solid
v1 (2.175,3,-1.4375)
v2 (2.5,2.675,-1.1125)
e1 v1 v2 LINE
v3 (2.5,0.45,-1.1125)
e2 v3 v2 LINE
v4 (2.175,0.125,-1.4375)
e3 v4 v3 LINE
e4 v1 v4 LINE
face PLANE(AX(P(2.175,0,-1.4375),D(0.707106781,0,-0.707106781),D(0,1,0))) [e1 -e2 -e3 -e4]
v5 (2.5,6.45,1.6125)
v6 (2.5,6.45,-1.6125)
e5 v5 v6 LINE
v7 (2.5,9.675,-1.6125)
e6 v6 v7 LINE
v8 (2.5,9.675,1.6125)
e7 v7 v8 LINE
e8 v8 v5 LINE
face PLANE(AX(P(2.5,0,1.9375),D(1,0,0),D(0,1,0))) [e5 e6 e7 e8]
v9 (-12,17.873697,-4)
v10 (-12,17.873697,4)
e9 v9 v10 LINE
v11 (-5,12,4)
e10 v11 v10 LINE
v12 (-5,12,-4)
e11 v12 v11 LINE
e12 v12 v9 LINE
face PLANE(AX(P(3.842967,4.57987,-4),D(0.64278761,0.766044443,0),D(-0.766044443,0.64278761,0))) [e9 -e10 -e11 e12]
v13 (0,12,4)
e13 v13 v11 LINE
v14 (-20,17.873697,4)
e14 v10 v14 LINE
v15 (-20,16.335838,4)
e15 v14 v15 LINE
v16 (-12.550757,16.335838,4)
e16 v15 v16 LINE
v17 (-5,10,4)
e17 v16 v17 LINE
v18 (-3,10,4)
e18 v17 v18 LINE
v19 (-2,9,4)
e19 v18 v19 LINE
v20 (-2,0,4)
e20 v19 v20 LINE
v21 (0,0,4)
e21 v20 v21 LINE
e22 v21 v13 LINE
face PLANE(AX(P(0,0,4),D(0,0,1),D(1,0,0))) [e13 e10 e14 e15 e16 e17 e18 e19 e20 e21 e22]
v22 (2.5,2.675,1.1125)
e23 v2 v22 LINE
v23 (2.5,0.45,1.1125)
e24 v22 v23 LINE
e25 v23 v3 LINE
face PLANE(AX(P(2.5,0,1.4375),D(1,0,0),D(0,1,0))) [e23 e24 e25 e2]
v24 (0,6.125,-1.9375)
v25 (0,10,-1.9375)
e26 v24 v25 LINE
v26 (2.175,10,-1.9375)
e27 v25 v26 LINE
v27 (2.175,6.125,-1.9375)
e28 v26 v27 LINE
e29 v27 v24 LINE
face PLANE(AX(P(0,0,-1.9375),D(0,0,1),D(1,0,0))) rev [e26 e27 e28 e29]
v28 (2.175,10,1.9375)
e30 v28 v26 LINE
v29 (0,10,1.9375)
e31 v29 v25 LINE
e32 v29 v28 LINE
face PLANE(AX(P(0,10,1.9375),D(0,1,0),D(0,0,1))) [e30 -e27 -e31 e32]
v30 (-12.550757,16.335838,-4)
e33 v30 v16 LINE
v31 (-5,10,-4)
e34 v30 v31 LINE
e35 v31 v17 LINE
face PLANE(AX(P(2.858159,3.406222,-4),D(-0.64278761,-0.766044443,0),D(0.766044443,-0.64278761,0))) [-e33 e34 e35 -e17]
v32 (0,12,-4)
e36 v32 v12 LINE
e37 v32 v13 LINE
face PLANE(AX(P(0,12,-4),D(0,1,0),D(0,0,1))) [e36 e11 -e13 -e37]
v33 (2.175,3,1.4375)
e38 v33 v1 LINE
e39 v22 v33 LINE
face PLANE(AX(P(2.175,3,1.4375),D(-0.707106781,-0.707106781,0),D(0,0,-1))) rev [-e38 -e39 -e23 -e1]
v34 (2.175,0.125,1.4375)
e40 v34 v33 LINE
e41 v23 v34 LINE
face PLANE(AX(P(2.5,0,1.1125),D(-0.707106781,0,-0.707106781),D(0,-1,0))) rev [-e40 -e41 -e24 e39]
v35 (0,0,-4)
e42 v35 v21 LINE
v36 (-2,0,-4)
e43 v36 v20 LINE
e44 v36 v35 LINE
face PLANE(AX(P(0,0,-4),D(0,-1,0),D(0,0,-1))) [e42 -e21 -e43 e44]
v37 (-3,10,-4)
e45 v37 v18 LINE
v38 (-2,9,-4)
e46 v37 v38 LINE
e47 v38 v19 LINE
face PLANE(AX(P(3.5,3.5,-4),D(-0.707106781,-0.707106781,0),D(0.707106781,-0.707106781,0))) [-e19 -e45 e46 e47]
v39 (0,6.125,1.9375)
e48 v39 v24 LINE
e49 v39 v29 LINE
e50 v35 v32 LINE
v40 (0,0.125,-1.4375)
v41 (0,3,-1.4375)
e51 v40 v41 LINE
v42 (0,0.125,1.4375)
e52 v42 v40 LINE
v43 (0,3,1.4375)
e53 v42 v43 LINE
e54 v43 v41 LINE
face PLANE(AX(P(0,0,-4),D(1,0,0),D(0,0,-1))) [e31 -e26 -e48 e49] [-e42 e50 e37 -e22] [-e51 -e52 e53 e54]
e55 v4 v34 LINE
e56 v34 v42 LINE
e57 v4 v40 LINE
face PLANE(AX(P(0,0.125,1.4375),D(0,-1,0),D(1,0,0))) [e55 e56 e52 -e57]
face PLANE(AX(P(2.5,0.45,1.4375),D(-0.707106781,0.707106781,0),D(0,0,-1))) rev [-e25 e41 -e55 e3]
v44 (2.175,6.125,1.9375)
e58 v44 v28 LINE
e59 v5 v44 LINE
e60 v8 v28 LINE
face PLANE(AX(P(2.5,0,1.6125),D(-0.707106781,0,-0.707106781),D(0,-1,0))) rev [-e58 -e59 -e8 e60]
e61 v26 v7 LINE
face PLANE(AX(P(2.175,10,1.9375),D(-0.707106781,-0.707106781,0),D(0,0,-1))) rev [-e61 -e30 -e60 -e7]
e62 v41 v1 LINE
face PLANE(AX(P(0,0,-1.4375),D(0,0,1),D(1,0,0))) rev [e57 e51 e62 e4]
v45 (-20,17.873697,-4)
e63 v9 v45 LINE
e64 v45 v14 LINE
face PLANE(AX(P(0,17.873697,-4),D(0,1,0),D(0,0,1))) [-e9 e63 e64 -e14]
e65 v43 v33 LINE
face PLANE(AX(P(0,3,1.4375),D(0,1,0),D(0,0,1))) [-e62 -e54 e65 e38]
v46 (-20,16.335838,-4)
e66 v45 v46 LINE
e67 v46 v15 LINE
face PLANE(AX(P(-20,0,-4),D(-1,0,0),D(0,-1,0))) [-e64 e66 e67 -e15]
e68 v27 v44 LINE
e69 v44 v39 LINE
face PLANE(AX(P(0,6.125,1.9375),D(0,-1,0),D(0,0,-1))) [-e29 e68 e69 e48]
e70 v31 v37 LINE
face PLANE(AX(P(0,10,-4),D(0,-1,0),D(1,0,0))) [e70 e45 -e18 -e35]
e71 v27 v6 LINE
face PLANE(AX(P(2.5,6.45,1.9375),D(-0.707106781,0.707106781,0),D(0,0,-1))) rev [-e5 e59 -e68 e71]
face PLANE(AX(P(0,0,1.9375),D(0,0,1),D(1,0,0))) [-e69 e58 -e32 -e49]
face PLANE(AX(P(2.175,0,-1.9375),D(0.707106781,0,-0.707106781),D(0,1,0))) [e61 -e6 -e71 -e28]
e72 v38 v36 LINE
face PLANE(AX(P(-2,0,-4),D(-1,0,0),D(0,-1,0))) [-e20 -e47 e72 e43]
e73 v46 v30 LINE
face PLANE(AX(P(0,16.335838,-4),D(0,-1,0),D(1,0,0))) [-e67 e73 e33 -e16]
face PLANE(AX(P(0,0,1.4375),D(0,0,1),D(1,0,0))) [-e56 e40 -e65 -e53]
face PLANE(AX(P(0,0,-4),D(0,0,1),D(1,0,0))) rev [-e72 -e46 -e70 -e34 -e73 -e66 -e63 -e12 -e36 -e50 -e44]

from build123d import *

# Parameters (mm, degrees)
BOSS_EXTRUDE1_DEPTH = 4
SKETCH1_3_W         = 2.5
SKETCH1_3_H         = 3.875
BOSS_EXTRUDE2_DEPTH = 1.9375
SKETCH1_4_W         = 2.5
SKETCH1_4_H         = 2.875
BOSS_EXTRUDE3_DEPTH = 1.4375
CHAMFER1_SIZE       = 0.325


with BuildPart() as part:
    # Sketch1 → Boss-Extrude1 (new, symmetric)
    with BuildSketch(Plane.XY):
        Polygon((-2, 0), (0, 0), (0, 12), (-5, 12), (-12, 17.873697418), (-20, 17.873697418), (-20, 16.335837533), (-12.550757142, 16.335837533), (-5, 10), (-3, 10), (-2, 9), align=None)
    extrude(amount=BOSS_EXTRUDE1_DEPTH, both=True)

    # Sketch1<3> → Boss-Extrude2 (add, symmetric)
    with BuildSketch(Plane.XY):
        with Locations((1.25, 8.0625)):
            Rectangle(SKETCH1_3_W, SKETCH1_3_H)
    extrude(amount=BOSS_EXTRUDE2_DEPTH, both=True)

    # Sketch1<4> → Boss-Extrude3 (add, symmetric)
    with BuildSketch(Plane.XY):
        with Locations((1.25, 1.5625)):
            Rectangle(SKETCH1_4_W, SKETCH1_4_H)
    extrude(amount=BOSS_EXTRUDE3_DEPTH, both=True)

    # Chamfer1
    chamfer1_edges = [part.edges().sort_by_distance(p)[0] for p in [
        (2.5, 0.125, 0),
        (2.5, 1.5625, 1.4375),
        (2.5, 3, 0),
        (2.5, 1.5625, -1.4375),
        (2.5, 6.125, 0),
        (2.5, 8.0625, 1.9375),
        (2.5, 10, 0),
        (2.5, 8.0625, -1.9375),
    ]]
    chamfer(chamfer1_edges, length=CHAMFER1_SIZE)


solid = part.part
